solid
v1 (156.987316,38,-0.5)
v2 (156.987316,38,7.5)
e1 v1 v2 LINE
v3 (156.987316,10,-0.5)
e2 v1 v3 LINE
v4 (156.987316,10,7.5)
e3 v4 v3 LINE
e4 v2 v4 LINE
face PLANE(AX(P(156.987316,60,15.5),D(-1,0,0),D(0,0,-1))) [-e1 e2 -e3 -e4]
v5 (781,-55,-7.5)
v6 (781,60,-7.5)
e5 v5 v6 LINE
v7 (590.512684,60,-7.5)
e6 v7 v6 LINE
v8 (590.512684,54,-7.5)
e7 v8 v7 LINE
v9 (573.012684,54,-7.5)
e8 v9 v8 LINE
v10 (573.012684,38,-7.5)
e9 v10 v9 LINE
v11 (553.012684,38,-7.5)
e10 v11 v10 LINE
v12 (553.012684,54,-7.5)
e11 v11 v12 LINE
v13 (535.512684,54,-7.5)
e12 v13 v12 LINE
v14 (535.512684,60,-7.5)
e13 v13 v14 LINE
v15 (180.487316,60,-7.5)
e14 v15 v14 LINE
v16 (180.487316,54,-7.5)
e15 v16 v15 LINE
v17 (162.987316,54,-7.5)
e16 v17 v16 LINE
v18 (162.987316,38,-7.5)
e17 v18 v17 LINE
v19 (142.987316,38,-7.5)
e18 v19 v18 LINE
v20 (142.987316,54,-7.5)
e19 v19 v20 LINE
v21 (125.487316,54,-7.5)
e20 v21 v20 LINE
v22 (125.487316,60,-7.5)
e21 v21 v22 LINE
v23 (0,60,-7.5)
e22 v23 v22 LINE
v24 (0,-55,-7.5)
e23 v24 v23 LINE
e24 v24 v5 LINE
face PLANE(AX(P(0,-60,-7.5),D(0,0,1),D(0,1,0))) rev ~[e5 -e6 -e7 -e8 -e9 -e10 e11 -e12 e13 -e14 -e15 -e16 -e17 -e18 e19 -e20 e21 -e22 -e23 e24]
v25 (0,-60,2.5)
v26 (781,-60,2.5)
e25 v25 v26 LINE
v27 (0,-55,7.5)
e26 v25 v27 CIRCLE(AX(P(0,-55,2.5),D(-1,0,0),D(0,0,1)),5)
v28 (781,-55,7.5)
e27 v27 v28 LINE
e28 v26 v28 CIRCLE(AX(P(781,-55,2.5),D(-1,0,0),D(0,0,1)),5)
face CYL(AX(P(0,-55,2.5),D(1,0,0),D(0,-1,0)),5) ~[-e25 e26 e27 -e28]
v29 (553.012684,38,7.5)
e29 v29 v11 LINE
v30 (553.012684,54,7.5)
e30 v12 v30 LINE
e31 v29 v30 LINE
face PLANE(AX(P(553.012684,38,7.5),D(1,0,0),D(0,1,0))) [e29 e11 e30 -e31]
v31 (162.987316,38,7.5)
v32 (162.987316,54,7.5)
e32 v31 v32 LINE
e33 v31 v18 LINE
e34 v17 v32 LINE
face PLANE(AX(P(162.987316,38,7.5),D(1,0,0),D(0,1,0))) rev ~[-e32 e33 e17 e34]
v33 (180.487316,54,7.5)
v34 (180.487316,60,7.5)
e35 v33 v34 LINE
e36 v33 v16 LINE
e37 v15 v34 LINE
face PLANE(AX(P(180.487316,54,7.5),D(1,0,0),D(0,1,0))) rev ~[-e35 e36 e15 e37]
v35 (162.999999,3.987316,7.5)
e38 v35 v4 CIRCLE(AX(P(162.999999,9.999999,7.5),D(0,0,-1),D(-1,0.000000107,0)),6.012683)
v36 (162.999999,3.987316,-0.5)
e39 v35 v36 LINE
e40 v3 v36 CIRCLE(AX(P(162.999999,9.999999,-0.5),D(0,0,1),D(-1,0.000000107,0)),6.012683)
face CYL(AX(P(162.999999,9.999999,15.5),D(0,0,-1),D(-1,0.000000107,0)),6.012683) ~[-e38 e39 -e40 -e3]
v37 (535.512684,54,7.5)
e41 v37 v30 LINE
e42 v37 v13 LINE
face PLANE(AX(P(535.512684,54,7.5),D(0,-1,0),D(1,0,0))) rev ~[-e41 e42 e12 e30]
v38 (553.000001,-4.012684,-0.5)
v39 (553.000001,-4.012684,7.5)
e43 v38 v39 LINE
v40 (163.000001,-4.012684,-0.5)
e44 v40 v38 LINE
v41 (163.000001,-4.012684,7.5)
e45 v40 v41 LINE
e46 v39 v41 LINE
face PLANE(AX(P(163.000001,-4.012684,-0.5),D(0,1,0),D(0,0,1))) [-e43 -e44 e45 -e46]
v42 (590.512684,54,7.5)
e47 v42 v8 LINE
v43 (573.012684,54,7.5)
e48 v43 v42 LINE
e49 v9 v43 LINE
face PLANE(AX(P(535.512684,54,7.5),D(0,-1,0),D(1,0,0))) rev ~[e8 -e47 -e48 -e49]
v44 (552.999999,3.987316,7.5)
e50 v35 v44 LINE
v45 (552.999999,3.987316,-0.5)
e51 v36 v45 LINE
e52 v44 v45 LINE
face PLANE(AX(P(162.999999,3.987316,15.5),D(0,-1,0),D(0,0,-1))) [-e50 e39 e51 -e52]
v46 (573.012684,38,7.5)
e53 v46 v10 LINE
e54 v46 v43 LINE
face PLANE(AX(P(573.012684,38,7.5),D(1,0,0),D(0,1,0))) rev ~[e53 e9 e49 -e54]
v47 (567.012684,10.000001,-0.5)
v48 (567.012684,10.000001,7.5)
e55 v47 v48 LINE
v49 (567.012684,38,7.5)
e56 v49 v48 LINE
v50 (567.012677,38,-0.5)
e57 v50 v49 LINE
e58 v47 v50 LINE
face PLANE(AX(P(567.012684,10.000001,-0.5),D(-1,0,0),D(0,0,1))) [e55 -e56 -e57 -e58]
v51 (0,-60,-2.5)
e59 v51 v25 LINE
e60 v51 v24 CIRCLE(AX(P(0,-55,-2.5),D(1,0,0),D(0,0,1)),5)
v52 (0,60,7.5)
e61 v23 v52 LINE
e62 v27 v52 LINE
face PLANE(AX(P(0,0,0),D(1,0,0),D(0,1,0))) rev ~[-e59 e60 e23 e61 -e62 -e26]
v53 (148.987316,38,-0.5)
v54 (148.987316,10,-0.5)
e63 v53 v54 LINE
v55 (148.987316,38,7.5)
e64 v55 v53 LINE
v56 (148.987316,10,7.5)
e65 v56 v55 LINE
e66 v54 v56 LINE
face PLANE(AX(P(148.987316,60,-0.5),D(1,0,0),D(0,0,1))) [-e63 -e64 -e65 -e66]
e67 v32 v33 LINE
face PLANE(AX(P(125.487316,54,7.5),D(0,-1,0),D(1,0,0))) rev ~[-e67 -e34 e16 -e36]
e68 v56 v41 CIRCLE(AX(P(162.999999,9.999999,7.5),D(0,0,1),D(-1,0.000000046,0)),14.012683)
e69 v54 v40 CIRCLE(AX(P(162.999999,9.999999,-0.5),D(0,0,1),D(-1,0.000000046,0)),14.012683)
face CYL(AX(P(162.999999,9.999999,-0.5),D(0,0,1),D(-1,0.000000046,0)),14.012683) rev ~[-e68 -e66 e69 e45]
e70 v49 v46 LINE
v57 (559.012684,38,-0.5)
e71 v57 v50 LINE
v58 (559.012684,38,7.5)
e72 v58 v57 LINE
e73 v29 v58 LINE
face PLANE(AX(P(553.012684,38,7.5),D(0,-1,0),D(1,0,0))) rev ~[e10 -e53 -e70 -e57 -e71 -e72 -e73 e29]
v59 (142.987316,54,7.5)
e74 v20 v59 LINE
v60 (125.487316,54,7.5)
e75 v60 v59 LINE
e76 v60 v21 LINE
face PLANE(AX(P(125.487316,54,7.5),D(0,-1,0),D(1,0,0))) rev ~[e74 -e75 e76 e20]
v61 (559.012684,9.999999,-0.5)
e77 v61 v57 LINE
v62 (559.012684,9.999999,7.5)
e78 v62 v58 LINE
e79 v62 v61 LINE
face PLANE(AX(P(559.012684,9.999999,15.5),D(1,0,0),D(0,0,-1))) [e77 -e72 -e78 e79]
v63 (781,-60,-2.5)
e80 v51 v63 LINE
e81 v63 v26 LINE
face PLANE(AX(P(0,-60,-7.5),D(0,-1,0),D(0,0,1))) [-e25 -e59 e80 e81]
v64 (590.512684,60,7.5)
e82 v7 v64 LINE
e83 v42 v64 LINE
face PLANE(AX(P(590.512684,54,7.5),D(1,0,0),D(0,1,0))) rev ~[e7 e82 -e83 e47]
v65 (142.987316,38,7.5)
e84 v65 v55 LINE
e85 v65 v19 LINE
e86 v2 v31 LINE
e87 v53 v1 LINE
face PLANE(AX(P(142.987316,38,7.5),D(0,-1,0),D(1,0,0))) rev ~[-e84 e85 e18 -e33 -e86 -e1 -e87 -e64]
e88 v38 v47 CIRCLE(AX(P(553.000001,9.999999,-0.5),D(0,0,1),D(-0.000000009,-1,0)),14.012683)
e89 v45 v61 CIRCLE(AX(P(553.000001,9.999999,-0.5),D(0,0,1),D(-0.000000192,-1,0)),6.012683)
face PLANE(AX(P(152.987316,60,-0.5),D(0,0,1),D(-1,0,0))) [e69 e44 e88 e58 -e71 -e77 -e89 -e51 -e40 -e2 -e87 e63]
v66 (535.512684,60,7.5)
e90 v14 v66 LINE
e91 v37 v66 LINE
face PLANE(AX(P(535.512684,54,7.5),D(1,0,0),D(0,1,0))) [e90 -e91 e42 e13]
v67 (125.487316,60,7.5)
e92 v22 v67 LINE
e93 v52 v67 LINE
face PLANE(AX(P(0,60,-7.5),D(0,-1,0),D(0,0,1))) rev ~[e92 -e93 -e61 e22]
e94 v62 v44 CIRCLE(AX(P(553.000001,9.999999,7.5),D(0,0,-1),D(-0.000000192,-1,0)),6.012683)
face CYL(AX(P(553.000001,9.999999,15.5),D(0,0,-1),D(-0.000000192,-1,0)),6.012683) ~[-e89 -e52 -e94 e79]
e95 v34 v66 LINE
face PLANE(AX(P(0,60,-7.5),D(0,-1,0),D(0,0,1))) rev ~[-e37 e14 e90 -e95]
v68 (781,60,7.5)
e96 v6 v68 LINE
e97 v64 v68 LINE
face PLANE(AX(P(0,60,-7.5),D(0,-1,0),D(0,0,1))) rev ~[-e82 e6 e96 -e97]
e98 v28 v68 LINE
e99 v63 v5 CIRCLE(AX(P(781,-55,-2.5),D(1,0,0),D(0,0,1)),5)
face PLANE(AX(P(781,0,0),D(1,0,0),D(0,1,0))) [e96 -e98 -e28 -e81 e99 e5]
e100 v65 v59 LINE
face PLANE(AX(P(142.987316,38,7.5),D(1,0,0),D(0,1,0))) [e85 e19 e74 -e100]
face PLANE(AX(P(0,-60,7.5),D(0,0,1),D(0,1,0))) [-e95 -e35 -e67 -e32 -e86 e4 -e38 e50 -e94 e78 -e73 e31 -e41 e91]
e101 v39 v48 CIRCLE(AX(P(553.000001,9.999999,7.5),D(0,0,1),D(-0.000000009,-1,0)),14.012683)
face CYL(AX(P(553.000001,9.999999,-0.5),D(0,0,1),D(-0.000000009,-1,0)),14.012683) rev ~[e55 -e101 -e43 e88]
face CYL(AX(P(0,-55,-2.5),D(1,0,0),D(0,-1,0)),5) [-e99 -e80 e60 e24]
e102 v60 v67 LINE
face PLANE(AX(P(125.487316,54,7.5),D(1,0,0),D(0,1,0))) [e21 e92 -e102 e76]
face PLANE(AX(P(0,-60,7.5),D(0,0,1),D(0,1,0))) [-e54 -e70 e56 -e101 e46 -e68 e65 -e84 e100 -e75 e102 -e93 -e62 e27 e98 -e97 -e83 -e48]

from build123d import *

# Parameters (mm, degrees)
F0_W      = 120
F0_H      = 15
F1_DEPTH  = 781
F3_W      = 8
F3_H      = 8
F5_W      = 55
F5_H      = 12
F6_DEPTH  = 25
F7_W      = 20
F7_H      = 32
F9_DEPTH  = 25
F8_W      = 20
F8_H      = 32
F10_DEPTH = 25
F11_R     = 5


with BuildPart() as f1:
    # F0 (on Right) → F1 (new body)
    with BuildSketch(Plane.YZ):
        Rectangle(F0_W, F0_H)
    extrude(amount=F1_DEPTH)

    # F4: sweep along a path in F2
    with BuildLine(Plane.XY.offset(7.5)) as f4_path:
        Line((153, 60), (153, 10))
        ThreePointArc((153, 10), (155.928932, 2.928932), (163, 0))
        Line((163, 0), (553, 0))
        ThreePointArc((553, 0), (560.071068, 2.928932), (563, 10))
        Line((563, 10), (563, 60))
    # F3 (on face) → F4 (sweep, cut)
    with BuildSketch(Plane(origin=(0, 60, 0), x_dir=(-1, 0, 0), z_dir=(0, 1, 0))):
        with Locations((-152.987316, 11.5)):
            Rectangle(F3_W, F3_H)
        with Locations((-152.987316, 3.5)):
            Rectangle(F3_W, F3_H)
    sweep(path=f4_path.line, mode=Mode.SUBTRACT)

    # F5 (on face) → F6 (cut)
    with BuildSketch(Plane.XY.offset(7.5)):
        with Locations((152.987316, 60)):
            Rectangle(F5_W, F5_H)
        with Locations((563.012684, 60)):
            Rectangle(F5_W, F5_H)
    extrude(amount=-F6_DEPTH, mode=Mode.SUBTRACT)

    # F7 (on face) → F9 (cut)
    with BuildSketch(Plane.XY.offset(7.5)):
        with Locations((152.987316, 54)):
            Rectangle(F7_W, F7_H)
    extrude(amount=-F9_DEPTH, mode=Mode.SUBTRACT)

    # F8 (on face) → F10 (cut)
    with BuildSketch(Plane.XY.offset(7.5)):
        with Locations((563.012684, 54)):
            Rectangle(F8_W, F8_H)
    extrude(amount=-F10_DEPTH, mode=Mode.SUBTRACT)

    # F11
    f11_edges = [f1.edges().sort_by_distance(p)[0] for p in [
        (390.5, -60, -7.5),
        (390.5, -60, 7.5),
    ]]
    fillet(f11_edges, radius=F11_R)


solid = f1.part
